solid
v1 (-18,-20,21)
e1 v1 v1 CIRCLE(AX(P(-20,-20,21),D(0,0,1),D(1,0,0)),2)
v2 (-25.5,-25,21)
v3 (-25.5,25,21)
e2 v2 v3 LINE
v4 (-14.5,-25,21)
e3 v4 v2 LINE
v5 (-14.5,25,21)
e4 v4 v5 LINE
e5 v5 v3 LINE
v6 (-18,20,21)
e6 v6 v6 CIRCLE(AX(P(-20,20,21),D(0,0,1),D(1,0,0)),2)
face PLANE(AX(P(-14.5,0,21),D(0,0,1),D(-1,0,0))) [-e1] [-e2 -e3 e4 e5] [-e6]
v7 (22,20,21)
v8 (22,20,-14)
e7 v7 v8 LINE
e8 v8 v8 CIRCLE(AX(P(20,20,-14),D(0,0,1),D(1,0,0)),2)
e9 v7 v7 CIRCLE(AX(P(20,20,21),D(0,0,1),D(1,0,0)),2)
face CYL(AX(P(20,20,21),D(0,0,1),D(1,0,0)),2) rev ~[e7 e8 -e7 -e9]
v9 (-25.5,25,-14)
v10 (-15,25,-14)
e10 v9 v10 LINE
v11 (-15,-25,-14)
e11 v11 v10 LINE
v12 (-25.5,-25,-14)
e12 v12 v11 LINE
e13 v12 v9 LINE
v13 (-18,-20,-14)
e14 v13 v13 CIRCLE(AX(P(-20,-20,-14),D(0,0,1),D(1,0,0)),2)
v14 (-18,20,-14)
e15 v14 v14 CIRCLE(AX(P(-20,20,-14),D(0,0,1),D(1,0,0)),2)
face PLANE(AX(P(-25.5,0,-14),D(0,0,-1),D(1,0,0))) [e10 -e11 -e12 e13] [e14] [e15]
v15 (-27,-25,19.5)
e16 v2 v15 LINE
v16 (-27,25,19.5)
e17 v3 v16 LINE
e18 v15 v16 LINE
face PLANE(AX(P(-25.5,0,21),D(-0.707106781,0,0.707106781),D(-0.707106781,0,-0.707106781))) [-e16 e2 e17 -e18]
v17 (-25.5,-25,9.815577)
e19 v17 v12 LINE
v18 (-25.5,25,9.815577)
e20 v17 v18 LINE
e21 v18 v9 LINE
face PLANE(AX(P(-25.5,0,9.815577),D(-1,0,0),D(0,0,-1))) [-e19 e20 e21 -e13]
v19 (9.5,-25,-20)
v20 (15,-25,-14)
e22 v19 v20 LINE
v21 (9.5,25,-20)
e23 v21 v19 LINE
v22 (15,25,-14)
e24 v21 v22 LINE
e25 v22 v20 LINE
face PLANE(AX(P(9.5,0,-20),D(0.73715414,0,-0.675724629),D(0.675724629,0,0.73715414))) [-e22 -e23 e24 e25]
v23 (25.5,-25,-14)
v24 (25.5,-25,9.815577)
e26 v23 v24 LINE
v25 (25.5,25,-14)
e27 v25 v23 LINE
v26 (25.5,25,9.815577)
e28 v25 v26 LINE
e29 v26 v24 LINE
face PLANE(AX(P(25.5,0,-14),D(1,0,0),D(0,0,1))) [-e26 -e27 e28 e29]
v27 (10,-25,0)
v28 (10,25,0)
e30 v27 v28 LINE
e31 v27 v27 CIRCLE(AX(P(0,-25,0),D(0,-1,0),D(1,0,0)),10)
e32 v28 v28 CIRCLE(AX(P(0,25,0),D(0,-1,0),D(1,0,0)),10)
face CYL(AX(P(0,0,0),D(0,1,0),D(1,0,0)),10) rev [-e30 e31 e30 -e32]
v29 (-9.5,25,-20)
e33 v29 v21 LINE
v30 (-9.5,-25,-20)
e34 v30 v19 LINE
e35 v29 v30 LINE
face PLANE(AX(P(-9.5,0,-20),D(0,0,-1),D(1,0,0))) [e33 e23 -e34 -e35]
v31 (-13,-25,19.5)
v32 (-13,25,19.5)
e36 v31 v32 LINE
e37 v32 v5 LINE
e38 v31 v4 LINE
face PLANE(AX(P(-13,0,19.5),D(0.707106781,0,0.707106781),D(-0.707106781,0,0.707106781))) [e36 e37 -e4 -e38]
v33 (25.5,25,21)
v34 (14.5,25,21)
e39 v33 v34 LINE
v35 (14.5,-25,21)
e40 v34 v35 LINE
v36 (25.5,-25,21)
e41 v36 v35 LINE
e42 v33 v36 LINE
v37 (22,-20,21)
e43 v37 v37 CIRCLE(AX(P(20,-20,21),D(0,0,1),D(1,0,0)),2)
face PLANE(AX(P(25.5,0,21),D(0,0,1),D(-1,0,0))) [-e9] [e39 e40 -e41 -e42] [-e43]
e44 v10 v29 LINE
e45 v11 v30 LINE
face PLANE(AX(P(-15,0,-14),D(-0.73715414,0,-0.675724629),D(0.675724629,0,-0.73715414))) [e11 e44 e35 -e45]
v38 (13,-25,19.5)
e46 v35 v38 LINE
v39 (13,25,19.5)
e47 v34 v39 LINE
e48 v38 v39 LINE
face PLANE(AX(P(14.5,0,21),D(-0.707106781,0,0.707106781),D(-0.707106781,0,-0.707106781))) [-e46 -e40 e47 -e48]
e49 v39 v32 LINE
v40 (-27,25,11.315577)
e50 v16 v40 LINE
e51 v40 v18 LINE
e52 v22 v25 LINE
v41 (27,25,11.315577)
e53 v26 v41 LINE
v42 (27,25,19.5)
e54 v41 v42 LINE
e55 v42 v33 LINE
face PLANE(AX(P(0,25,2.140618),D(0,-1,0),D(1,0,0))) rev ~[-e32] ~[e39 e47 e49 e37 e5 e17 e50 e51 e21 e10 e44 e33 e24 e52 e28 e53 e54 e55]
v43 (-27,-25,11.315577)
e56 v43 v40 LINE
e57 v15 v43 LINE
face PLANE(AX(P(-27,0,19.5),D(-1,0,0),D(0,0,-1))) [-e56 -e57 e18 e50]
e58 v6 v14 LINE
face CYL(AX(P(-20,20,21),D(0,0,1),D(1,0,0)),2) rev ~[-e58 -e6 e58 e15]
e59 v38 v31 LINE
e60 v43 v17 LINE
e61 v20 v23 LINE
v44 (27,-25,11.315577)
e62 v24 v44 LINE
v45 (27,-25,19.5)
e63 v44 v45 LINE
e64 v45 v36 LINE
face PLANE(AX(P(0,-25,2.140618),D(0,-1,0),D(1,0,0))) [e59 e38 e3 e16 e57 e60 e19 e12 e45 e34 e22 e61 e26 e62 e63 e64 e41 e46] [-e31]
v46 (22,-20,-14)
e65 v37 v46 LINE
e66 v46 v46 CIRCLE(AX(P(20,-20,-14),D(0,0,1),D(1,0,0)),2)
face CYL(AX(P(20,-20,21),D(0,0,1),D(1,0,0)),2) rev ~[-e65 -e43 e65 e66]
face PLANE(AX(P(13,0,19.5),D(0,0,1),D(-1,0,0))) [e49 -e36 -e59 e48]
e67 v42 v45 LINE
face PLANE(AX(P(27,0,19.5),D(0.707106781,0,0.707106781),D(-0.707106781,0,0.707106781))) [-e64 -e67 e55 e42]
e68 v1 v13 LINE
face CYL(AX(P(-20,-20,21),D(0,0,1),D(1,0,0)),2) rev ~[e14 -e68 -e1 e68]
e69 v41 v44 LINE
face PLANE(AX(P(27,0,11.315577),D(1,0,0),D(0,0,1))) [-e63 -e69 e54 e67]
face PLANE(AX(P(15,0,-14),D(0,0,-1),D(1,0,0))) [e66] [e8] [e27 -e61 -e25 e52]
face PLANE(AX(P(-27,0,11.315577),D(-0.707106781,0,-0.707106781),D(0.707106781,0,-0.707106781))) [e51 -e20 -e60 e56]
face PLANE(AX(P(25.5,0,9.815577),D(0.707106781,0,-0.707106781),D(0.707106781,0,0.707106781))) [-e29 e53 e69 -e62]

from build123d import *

# Parameters (mm, degrees)
F0_R     = 10
F1_DEPTH = 25
F2_R     = 2
F3_DEPTH = 40


with BuildPart() as f1:
    # F0 (on Front) → F1 (new body, symmetric)
    with BuildSketch(Plane.XZ):
        Polygon((-15, -14), (-9.5, -20), (9.5, -20), (15, -14), (25.5, -14), (25.5, 9.815577), (27, 11.315577), (27, 19.5), (25.5, 21), (14.5, 21), (13, 19.5), (-13, 19.5), (-14.5, 21), (-25.5, 21), (-27, 19.5), (-27, 11.315577), (-25.5, 9.815577), (-25.5, -14), align=None)
        Circle(F0_R, mode=Mode.SUBTRACT)
    extrude(amount=F1_DEPTH, both=True)

    # F2 (on face) → F3 (cut)
    with BuildSketch(Plane.XY.offset(21)):
        with Locations((-20, 20)):
            Circle(F2_R)
        with Locations((20, 20)):
            Circle(F2_R)
        with Locations((20, -20)):
            Circle(F2_R)
        with Locations((-20, -20)):
            Circle(F2_R)
    extrude(amount=-F3_DEPTH, mode=Mode.SUBTRACT)


solid = f1.part
